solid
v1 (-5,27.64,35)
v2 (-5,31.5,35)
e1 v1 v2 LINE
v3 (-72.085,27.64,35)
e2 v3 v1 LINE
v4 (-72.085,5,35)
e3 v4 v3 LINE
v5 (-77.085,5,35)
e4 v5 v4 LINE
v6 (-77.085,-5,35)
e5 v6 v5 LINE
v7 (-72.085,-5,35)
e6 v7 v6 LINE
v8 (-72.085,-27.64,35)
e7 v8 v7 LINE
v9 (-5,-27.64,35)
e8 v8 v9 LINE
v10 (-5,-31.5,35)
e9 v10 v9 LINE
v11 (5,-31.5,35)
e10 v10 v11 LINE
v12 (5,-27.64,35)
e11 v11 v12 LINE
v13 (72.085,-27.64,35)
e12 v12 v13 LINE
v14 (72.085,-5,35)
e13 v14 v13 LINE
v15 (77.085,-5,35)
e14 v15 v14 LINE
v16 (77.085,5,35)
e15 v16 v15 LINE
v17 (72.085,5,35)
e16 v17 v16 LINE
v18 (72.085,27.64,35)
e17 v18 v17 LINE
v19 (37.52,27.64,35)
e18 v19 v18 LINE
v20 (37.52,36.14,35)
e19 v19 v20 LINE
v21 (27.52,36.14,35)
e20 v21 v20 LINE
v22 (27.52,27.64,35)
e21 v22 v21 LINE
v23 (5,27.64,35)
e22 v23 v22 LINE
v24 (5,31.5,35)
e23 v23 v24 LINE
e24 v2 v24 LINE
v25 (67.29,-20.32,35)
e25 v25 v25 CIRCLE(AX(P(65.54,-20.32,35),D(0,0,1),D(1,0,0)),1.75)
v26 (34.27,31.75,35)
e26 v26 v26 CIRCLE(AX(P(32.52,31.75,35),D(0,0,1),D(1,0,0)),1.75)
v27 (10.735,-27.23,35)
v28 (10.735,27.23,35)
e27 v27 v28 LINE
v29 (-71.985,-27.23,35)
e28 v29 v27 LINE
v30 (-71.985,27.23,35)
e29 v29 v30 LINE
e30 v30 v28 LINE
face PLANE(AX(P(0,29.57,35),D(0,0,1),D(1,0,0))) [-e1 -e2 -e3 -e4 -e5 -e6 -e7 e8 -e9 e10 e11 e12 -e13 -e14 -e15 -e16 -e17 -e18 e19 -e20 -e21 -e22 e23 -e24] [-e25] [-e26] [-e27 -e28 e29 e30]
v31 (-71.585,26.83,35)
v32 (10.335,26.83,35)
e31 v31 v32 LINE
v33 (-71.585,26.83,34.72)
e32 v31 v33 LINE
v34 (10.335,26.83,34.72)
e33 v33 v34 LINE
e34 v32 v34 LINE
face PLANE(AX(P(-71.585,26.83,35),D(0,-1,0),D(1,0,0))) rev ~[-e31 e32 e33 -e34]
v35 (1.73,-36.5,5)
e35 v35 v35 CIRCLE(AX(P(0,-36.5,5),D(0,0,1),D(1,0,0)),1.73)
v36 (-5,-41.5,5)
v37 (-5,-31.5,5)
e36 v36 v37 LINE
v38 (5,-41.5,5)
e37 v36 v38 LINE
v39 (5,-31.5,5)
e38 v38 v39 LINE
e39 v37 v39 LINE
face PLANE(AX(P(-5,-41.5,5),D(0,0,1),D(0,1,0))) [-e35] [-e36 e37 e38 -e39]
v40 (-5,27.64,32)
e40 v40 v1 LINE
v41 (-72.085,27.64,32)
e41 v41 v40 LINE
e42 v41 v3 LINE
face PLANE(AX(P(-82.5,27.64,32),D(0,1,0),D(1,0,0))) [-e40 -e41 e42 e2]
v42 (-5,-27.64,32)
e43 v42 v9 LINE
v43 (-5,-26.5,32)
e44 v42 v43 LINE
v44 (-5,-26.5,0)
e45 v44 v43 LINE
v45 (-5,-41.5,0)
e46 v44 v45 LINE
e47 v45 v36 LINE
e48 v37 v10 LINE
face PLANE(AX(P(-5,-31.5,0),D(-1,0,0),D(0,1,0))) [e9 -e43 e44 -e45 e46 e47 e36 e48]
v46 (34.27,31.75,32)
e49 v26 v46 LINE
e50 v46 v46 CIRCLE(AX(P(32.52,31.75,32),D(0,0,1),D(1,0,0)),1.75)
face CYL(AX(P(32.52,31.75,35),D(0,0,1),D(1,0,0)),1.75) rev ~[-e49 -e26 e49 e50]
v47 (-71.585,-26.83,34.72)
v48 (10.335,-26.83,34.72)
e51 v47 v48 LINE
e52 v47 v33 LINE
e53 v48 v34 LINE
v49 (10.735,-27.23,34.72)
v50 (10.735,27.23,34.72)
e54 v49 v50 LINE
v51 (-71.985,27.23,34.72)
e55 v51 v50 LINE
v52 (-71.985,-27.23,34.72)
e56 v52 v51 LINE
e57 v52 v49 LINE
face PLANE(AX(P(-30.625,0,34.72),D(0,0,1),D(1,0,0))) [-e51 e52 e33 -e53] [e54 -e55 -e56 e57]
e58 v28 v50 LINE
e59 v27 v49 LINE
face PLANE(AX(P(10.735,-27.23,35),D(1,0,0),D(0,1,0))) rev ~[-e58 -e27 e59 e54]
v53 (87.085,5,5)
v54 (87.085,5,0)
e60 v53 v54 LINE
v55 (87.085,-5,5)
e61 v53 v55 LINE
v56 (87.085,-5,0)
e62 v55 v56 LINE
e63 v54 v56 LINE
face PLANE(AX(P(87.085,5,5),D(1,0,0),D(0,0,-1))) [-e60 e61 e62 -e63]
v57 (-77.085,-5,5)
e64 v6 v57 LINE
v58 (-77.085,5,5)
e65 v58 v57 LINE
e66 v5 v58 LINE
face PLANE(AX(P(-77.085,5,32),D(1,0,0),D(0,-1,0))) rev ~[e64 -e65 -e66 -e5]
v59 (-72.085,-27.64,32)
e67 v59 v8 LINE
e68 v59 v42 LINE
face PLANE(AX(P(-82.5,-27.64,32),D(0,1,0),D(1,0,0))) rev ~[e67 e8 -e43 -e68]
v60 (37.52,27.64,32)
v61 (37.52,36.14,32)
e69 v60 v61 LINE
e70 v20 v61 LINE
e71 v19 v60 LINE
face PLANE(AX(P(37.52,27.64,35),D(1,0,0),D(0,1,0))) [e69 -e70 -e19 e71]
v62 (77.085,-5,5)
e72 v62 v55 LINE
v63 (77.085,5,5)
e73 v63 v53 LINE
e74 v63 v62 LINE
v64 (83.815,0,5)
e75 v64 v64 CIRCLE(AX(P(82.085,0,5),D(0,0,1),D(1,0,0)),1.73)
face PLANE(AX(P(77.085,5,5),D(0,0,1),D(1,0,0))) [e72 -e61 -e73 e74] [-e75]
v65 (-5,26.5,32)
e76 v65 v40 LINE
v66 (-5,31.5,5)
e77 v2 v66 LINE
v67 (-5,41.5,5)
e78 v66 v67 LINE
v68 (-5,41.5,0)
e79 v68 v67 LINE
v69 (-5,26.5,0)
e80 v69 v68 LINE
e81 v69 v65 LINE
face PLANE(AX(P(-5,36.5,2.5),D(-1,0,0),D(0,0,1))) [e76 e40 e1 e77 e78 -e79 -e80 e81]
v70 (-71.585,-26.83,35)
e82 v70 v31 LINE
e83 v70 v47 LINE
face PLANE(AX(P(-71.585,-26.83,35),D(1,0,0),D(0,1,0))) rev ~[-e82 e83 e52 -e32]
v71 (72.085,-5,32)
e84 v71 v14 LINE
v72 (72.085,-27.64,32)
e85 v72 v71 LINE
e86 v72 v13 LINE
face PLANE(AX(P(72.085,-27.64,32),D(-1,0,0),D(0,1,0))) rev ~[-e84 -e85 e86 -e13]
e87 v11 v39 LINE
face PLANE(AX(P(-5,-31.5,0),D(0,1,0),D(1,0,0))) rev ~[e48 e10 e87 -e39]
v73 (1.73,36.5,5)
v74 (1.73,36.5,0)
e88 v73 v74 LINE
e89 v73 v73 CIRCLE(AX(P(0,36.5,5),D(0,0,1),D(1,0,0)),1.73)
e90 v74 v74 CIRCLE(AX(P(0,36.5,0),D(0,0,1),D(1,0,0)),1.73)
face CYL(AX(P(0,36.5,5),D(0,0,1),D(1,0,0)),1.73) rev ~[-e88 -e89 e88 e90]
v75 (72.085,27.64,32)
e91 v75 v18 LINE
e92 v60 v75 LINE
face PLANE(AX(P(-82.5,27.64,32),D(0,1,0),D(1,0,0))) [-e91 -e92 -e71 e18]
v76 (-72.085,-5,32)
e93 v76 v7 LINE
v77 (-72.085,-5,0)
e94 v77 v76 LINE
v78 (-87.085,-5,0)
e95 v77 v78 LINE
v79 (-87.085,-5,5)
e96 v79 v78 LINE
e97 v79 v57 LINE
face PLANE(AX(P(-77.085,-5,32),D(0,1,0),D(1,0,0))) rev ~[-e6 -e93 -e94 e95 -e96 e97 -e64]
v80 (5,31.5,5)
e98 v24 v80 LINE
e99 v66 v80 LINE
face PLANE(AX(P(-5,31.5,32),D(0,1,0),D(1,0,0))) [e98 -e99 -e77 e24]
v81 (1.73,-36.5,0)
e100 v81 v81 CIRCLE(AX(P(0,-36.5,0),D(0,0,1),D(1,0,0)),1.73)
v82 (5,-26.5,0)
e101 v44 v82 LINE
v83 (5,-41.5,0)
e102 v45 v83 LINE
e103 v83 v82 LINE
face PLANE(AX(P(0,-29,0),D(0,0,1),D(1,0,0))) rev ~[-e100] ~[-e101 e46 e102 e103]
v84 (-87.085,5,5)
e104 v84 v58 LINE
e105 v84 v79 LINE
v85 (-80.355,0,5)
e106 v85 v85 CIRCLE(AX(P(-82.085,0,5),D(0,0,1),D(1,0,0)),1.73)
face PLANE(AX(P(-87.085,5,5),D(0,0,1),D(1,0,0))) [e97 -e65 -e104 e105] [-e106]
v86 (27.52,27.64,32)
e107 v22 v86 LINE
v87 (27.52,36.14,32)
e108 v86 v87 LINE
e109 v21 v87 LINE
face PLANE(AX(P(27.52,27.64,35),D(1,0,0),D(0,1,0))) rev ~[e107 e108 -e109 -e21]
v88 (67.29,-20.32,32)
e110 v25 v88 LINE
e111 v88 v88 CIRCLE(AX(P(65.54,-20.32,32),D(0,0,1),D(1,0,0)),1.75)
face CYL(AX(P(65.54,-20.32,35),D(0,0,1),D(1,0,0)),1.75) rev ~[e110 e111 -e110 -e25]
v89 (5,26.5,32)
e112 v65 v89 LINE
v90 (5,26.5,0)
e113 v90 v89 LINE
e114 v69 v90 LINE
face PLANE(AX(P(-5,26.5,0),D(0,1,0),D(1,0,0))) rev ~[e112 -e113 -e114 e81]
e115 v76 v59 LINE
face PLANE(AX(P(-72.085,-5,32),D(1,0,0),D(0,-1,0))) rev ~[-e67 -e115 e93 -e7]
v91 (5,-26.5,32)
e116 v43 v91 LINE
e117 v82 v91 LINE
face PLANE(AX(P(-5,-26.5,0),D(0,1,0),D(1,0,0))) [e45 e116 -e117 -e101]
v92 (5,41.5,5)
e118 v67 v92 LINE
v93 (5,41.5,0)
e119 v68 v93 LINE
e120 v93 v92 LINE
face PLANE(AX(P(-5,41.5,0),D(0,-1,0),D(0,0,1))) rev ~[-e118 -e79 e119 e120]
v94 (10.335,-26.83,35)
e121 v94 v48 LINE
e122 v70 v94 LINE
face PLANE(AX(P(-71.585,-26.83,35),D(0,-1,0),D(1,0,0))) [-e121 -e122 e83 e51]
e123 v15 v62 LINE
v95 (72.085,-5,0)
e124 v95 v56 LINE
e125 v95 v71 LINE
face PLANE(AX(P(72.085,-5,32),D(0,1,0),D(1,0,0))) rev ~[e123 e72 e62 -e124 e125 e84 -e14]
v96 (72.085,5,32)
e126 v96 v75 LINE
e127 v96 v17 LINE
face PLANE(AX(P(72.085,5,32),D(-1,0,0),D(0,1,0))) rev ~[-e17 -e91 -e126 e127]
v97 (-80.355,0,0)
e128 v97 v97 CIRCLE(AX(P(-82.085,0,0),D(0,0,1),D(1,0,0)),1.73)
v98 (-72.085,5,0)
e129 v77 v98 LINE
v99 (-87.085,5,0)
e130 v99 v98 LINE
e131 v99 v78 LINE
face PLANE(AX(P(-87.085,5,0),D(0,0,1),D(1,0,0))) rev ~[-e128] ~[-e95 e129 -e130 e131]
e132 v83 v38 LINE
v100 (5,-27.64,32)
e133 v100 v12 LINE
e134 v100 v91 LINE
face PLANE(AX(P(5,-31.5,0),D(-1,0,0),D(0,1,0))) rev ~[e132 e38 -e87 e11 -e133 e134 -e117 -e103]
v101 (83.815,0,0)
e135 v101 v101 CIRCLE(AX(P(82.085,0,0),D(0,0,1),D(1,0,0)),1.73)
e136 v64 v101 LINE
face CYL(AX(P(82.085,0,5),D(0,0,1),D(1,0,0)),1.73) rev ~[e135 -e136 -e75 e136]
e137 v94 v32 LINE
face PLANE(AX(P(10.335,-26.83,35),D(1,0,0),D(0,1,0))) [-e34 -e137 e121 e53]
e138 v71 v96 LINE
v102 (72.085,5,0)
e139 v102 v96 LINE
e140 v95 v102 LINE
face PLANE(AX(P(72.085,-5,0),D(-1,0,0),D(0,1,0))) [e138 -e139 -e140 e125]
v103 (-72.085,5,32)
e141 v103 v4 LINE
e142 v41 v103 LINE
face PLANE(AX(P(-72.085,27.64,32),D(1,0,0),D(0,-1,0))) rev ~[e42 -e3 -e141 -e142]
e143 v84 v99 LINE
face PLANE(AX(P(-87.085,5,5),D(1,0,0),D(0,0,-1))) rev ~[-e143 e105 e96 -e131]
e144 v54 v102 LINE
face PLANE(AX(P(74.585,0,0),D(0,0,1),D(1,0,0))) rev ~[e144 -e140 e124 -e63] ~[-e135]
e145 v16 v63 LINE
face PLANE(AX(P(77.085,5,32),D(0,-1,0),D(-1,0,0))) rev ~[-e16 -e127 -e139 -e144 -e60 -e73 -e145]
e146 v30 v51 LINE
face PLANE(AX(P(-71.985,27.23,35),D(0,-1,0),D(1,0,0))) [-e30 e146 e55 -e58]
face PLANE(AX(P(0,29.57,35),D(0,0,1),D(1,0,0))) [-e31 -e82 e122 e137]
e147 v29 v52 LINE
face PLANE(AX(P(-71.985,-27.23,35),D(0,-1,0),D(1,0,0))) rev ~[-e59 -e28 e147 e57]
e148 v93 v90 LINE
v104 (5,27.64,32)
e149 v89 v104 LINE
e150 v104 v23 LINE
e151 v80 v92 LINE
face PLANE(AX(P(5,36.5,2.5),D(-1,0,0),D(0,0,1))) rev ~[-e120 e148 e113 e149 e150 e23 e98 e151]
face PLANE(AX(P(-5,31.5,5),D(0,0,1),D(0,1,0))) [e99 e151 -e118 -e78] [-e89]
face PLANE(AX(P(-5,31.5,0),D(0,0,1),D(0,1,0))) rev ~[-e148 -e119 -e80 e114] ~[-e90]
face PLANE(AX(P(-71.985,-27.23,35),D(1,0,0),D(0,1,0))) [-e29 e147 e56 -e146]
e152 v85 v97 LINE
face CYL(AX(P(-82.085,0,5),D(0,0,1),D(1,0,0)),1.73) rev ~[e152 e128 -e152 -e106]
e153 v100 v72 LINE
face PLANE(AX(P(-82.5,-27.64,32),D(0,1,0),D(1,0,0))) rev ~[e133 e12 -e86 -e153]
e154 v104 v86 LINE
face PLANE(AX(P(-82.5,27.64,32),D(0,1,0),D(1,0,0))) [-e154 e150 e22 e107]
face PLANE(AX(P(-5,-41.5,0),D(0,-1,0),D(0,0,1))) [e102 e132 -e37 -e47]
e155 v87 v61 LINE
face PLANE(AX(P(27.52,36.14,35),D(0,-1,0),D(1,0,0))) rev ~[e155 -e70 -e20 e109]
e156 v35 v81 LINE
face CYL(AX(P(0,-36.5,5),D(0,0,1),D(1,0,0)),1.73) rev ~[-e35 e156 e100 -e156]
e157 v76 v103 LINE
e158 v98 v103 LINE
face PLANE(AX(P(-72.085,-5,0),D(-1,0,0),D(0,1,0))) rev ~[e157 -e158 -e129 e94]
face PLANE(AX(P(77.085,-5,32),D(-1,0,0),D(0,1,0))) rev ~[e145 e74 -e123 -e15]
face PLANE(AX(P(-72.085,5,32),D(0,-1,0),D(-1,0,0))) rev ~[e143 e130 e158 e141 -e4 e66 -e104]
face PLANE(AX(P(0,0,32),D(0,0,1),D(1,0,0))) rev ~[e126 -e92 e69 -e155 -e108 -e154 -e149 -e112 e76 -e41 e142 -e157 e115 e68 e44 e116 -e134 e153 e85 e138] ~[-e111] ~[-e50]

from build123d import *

# Parameters (mm, degrees)
SKETCH2_W             = 5
SKETCH2_H             = 10
BOSS_EXTRUDE1_DEPTH   = 32
SKETCH2_W_2           = 10
SKETCH2_H_2           = 5
BOSS_EXTRUDE1_2_DEPTH = 32
BOSS_EXTRUDE1_3_DEPTH = 32
BOSS_EXTRUDE1_4_DEPTH = 32
SKETCH3_W             = 165
SKETCH3_H             = 55.28
BOSS_EXTRUDE2_DEPTH   = 3
SKETCH4_W             = 10
SKETCH4_H             = 3.86
BOSS_EXTRUDE3_DEPTH   = 3
SKETCH5_W             = 10
SKETCH5_H             = 5
BOSS_EXTRUDE4_DEPTH   = 10
SKETCH7_W             = 5
SKETCH7_H             = 10
BOSS_EXTRUDE5_DEPTH   = 10
SKETCH8_R             = 1.73
CUT_EXTRUDE1_DEPTH    = 6
SKETCH10_W            = 10
SKETCH10_H            = 8.5
SKETCH10_W_2          = 1.85
SKETCH10_H_2          = 10
BOSS_EXTRUDE6_DEPTH   = 3
SKETCH11_R            = 1.75
CUT_EXTRUDE3_DEPTH    = 36
SKETCH12_W            = 82.72
SKETCH12_H            = 54.46
SKETCH12_W_2          = 81.92
SKETCH12_H_2          = 53.66
CUT_EXTRUDE4_DEPTH    = 0.28
CUT_EXTRUDE5_DEPTH    = 4


with BuildPart() as part:
    # Sketch2 → Boss-Extrude1 (new body)
    with BuildSketch(Plane.XY):
        with Locations((-74.585, 0)):
            Rectangle(SKETCH2_W, SKETCH2_H)
    extrude(amount=BOSS_EXTRUDE1_DEPTH)



with BuildPart() as body_2:
    # Sketch2 → Boss-Extrude1 2 (new body)
    with BuildSketch(Plane.XY):
        with Locations((0, 29)):
            Rectangle(SKETCH2_W_2, SKETCH2_H_2)
    extrude(amount=BOSS_EXTRUDE1_2_DEPTH)


with BuildPart() as body_3:
    # Sketch2 → Boss-Extrude1 3 (new body)
    with BuildSketch(Plane.XY):
        with Locations((74.585, 0)):
            Rectangle(SKETCH2_W, SKETCH2_H)
    extrude(amount=BOSS_EXTRUDE1_3_DEPTH)


with BuildPart() as body_4:
    # Sketch2 → Boss-Extrude1 4 (new body)
    with BuildSketch(Plane.XY):
        with Locations((0, -29)):
            Rectangle(SKETCH2_W_2, SKETCH2_H_2)
    extrude(amount=BOSS_EXTRUDE1_4_DEPTH)


with BuildPart() as part_1:
    add(part.part)

    add(body_2.part)  # Boss-Extrude2 merges body 2

    add(body_3.part)  # Boss-Extrude2 merges body 3

    add(body_4.part)  # Boss-Extrude2 merges body 4
    # Sketch3 → Boss-Extrude2 (add)
    with BuildSketch(Plane.XY.offset(32)):
        Rectangle(SKETCH3_W, SKETCH3_H)
    extrude(amount=BOSS_EXTRUDE2_DEPTH)

    # Sketch4 → Boss-Extrude3 (add)
    with BuildSketch(Plane.XY.offset(32)):
        with Locations((0, 29.57)):
            Rectangle(SKETCH4_W, SKETCH4_H)
        with Locations((0, -29.57)):
            Rectangle(SKETCH4_W, SKETCH4_H)
    extrude(amount=BOSS_EXTRUDE3_DEPTH)

    # Sketch5 → Boss-Extrude4 (add)
    with BuildSketch(Plane(origin=(0, 5, 0), x_dir=(1, 0, 0), z_dir=(0, 1, 0))):
        with Locations((-82.085, -2.5)):
            Rectangle(SKETCH5_W, SKETCH5_H)
        with Locations((82.085, -2.5)):
            Rectangle(SKETCH5_W, SKETCH5_H)
    extrude(amount=-BOSS_EXTRUDE4_DEPTH)

    # Sketch7 → Boss-Extrude5 (add)
    with BuildSketch(Plane.ZY.offset(5)):
        with Locations((2.5, 36.5)):
            Rectangle(SKETCH7_W, SKETCH7_H)
        with Locations((2.5, -36.5)):
            Rectangle(SKETCH7_W, SKETCH7_H)
    extrude(amount=-BOSS_EXTRUDE5_DEPTH)

    # Sketch8 → Cut-Extrude1 (cut, through all)
    with BuildSketch(Plane.XY.offset(5)):
        with Locations((-82.085, 0)):
            Circle(SKETCH8_R)
        with Locations((0, -36.5)):
            Circle(SKETCH8_R)
        with Locations((82.085, 0)):
            Circle(SKETCH8_R)
        with Locations((0, 36.5)):
            Circle(SKETCH8_R)
    extrude(amount=-CUT_EXTRUDE1_DEPTH, mode=Mode.SUBTRACT)

    # Sketch10 → Boss-Extrude6 (add)
    with BuildSketch(Plane.XY.offset(35)):
        with Locations((32.52, 31.89)):
            Rectangle(SKETCH10_W, SKETCH10_H)
        with Locations((69.005, -20.32)):
            Rectangle(SKETCH10_W_2, SKETCH10_H_2)
    extrude(amount=-BOSS_EXTRUDE6_DEPTH)

    # Sketch11 → Cut-Extrude3 (cut, through all)
    with BuildSketch(Plane.XY.offset(35)):
        with Locations((32.52, 31.75)):
            Circle(SKETCH11_R)
        with Locations((65.54, -20.32)):
            Circle(SKETCH11_R)
    extrude(amount=-CUT_EXTRUDE3_DEPTH, mode=Mode.SUBTRACT)

    # Sketch12 → Cut-Extrude4 (cut)
    with BuildSketch(Plane.XY.offset(35)):
        with Locations((-30.625, 0)):
            Rectangle(SKETCH12_W, SKETCH12_H)
        with Locations((-30.625, 0)):
            Rectangle(SKETCH12_W_2, SKETCH12_H_2, mode=Mode.SUBTRACT)
    extrude(amount=-CUT_EXTRUDE4_DEPTH, mode=Mode.SUBTRACT)

    # Sketch13 → Cut-Extrude5 (cut, through all)
    with BuildSketch(Plane(origin=(0, 0, 32), x_dir=(-1, 0, 0), z_dir=(0, 0, -1))):
        Polygon((82.5, -27.64), (82.5, 27.64), (72.085, 27.64), (72.085, 5), (77.085, 5), (77.085, -5), (72.085, -5), (72.085, -27.64), align=None)
        Polygon((-82.5, 27.64), (-82.5, -27.64), (-72.085, -27.64), (-72.085, -5), (-77.085, -5), (-77.085, 5), (-72.085, 5), (-72.085, 27.64), align=None)
    extrude(amount=-CUT_EXTRUDE5_DEPTH, mode=Mode.SUBTRACT)


solid = part_1.part
